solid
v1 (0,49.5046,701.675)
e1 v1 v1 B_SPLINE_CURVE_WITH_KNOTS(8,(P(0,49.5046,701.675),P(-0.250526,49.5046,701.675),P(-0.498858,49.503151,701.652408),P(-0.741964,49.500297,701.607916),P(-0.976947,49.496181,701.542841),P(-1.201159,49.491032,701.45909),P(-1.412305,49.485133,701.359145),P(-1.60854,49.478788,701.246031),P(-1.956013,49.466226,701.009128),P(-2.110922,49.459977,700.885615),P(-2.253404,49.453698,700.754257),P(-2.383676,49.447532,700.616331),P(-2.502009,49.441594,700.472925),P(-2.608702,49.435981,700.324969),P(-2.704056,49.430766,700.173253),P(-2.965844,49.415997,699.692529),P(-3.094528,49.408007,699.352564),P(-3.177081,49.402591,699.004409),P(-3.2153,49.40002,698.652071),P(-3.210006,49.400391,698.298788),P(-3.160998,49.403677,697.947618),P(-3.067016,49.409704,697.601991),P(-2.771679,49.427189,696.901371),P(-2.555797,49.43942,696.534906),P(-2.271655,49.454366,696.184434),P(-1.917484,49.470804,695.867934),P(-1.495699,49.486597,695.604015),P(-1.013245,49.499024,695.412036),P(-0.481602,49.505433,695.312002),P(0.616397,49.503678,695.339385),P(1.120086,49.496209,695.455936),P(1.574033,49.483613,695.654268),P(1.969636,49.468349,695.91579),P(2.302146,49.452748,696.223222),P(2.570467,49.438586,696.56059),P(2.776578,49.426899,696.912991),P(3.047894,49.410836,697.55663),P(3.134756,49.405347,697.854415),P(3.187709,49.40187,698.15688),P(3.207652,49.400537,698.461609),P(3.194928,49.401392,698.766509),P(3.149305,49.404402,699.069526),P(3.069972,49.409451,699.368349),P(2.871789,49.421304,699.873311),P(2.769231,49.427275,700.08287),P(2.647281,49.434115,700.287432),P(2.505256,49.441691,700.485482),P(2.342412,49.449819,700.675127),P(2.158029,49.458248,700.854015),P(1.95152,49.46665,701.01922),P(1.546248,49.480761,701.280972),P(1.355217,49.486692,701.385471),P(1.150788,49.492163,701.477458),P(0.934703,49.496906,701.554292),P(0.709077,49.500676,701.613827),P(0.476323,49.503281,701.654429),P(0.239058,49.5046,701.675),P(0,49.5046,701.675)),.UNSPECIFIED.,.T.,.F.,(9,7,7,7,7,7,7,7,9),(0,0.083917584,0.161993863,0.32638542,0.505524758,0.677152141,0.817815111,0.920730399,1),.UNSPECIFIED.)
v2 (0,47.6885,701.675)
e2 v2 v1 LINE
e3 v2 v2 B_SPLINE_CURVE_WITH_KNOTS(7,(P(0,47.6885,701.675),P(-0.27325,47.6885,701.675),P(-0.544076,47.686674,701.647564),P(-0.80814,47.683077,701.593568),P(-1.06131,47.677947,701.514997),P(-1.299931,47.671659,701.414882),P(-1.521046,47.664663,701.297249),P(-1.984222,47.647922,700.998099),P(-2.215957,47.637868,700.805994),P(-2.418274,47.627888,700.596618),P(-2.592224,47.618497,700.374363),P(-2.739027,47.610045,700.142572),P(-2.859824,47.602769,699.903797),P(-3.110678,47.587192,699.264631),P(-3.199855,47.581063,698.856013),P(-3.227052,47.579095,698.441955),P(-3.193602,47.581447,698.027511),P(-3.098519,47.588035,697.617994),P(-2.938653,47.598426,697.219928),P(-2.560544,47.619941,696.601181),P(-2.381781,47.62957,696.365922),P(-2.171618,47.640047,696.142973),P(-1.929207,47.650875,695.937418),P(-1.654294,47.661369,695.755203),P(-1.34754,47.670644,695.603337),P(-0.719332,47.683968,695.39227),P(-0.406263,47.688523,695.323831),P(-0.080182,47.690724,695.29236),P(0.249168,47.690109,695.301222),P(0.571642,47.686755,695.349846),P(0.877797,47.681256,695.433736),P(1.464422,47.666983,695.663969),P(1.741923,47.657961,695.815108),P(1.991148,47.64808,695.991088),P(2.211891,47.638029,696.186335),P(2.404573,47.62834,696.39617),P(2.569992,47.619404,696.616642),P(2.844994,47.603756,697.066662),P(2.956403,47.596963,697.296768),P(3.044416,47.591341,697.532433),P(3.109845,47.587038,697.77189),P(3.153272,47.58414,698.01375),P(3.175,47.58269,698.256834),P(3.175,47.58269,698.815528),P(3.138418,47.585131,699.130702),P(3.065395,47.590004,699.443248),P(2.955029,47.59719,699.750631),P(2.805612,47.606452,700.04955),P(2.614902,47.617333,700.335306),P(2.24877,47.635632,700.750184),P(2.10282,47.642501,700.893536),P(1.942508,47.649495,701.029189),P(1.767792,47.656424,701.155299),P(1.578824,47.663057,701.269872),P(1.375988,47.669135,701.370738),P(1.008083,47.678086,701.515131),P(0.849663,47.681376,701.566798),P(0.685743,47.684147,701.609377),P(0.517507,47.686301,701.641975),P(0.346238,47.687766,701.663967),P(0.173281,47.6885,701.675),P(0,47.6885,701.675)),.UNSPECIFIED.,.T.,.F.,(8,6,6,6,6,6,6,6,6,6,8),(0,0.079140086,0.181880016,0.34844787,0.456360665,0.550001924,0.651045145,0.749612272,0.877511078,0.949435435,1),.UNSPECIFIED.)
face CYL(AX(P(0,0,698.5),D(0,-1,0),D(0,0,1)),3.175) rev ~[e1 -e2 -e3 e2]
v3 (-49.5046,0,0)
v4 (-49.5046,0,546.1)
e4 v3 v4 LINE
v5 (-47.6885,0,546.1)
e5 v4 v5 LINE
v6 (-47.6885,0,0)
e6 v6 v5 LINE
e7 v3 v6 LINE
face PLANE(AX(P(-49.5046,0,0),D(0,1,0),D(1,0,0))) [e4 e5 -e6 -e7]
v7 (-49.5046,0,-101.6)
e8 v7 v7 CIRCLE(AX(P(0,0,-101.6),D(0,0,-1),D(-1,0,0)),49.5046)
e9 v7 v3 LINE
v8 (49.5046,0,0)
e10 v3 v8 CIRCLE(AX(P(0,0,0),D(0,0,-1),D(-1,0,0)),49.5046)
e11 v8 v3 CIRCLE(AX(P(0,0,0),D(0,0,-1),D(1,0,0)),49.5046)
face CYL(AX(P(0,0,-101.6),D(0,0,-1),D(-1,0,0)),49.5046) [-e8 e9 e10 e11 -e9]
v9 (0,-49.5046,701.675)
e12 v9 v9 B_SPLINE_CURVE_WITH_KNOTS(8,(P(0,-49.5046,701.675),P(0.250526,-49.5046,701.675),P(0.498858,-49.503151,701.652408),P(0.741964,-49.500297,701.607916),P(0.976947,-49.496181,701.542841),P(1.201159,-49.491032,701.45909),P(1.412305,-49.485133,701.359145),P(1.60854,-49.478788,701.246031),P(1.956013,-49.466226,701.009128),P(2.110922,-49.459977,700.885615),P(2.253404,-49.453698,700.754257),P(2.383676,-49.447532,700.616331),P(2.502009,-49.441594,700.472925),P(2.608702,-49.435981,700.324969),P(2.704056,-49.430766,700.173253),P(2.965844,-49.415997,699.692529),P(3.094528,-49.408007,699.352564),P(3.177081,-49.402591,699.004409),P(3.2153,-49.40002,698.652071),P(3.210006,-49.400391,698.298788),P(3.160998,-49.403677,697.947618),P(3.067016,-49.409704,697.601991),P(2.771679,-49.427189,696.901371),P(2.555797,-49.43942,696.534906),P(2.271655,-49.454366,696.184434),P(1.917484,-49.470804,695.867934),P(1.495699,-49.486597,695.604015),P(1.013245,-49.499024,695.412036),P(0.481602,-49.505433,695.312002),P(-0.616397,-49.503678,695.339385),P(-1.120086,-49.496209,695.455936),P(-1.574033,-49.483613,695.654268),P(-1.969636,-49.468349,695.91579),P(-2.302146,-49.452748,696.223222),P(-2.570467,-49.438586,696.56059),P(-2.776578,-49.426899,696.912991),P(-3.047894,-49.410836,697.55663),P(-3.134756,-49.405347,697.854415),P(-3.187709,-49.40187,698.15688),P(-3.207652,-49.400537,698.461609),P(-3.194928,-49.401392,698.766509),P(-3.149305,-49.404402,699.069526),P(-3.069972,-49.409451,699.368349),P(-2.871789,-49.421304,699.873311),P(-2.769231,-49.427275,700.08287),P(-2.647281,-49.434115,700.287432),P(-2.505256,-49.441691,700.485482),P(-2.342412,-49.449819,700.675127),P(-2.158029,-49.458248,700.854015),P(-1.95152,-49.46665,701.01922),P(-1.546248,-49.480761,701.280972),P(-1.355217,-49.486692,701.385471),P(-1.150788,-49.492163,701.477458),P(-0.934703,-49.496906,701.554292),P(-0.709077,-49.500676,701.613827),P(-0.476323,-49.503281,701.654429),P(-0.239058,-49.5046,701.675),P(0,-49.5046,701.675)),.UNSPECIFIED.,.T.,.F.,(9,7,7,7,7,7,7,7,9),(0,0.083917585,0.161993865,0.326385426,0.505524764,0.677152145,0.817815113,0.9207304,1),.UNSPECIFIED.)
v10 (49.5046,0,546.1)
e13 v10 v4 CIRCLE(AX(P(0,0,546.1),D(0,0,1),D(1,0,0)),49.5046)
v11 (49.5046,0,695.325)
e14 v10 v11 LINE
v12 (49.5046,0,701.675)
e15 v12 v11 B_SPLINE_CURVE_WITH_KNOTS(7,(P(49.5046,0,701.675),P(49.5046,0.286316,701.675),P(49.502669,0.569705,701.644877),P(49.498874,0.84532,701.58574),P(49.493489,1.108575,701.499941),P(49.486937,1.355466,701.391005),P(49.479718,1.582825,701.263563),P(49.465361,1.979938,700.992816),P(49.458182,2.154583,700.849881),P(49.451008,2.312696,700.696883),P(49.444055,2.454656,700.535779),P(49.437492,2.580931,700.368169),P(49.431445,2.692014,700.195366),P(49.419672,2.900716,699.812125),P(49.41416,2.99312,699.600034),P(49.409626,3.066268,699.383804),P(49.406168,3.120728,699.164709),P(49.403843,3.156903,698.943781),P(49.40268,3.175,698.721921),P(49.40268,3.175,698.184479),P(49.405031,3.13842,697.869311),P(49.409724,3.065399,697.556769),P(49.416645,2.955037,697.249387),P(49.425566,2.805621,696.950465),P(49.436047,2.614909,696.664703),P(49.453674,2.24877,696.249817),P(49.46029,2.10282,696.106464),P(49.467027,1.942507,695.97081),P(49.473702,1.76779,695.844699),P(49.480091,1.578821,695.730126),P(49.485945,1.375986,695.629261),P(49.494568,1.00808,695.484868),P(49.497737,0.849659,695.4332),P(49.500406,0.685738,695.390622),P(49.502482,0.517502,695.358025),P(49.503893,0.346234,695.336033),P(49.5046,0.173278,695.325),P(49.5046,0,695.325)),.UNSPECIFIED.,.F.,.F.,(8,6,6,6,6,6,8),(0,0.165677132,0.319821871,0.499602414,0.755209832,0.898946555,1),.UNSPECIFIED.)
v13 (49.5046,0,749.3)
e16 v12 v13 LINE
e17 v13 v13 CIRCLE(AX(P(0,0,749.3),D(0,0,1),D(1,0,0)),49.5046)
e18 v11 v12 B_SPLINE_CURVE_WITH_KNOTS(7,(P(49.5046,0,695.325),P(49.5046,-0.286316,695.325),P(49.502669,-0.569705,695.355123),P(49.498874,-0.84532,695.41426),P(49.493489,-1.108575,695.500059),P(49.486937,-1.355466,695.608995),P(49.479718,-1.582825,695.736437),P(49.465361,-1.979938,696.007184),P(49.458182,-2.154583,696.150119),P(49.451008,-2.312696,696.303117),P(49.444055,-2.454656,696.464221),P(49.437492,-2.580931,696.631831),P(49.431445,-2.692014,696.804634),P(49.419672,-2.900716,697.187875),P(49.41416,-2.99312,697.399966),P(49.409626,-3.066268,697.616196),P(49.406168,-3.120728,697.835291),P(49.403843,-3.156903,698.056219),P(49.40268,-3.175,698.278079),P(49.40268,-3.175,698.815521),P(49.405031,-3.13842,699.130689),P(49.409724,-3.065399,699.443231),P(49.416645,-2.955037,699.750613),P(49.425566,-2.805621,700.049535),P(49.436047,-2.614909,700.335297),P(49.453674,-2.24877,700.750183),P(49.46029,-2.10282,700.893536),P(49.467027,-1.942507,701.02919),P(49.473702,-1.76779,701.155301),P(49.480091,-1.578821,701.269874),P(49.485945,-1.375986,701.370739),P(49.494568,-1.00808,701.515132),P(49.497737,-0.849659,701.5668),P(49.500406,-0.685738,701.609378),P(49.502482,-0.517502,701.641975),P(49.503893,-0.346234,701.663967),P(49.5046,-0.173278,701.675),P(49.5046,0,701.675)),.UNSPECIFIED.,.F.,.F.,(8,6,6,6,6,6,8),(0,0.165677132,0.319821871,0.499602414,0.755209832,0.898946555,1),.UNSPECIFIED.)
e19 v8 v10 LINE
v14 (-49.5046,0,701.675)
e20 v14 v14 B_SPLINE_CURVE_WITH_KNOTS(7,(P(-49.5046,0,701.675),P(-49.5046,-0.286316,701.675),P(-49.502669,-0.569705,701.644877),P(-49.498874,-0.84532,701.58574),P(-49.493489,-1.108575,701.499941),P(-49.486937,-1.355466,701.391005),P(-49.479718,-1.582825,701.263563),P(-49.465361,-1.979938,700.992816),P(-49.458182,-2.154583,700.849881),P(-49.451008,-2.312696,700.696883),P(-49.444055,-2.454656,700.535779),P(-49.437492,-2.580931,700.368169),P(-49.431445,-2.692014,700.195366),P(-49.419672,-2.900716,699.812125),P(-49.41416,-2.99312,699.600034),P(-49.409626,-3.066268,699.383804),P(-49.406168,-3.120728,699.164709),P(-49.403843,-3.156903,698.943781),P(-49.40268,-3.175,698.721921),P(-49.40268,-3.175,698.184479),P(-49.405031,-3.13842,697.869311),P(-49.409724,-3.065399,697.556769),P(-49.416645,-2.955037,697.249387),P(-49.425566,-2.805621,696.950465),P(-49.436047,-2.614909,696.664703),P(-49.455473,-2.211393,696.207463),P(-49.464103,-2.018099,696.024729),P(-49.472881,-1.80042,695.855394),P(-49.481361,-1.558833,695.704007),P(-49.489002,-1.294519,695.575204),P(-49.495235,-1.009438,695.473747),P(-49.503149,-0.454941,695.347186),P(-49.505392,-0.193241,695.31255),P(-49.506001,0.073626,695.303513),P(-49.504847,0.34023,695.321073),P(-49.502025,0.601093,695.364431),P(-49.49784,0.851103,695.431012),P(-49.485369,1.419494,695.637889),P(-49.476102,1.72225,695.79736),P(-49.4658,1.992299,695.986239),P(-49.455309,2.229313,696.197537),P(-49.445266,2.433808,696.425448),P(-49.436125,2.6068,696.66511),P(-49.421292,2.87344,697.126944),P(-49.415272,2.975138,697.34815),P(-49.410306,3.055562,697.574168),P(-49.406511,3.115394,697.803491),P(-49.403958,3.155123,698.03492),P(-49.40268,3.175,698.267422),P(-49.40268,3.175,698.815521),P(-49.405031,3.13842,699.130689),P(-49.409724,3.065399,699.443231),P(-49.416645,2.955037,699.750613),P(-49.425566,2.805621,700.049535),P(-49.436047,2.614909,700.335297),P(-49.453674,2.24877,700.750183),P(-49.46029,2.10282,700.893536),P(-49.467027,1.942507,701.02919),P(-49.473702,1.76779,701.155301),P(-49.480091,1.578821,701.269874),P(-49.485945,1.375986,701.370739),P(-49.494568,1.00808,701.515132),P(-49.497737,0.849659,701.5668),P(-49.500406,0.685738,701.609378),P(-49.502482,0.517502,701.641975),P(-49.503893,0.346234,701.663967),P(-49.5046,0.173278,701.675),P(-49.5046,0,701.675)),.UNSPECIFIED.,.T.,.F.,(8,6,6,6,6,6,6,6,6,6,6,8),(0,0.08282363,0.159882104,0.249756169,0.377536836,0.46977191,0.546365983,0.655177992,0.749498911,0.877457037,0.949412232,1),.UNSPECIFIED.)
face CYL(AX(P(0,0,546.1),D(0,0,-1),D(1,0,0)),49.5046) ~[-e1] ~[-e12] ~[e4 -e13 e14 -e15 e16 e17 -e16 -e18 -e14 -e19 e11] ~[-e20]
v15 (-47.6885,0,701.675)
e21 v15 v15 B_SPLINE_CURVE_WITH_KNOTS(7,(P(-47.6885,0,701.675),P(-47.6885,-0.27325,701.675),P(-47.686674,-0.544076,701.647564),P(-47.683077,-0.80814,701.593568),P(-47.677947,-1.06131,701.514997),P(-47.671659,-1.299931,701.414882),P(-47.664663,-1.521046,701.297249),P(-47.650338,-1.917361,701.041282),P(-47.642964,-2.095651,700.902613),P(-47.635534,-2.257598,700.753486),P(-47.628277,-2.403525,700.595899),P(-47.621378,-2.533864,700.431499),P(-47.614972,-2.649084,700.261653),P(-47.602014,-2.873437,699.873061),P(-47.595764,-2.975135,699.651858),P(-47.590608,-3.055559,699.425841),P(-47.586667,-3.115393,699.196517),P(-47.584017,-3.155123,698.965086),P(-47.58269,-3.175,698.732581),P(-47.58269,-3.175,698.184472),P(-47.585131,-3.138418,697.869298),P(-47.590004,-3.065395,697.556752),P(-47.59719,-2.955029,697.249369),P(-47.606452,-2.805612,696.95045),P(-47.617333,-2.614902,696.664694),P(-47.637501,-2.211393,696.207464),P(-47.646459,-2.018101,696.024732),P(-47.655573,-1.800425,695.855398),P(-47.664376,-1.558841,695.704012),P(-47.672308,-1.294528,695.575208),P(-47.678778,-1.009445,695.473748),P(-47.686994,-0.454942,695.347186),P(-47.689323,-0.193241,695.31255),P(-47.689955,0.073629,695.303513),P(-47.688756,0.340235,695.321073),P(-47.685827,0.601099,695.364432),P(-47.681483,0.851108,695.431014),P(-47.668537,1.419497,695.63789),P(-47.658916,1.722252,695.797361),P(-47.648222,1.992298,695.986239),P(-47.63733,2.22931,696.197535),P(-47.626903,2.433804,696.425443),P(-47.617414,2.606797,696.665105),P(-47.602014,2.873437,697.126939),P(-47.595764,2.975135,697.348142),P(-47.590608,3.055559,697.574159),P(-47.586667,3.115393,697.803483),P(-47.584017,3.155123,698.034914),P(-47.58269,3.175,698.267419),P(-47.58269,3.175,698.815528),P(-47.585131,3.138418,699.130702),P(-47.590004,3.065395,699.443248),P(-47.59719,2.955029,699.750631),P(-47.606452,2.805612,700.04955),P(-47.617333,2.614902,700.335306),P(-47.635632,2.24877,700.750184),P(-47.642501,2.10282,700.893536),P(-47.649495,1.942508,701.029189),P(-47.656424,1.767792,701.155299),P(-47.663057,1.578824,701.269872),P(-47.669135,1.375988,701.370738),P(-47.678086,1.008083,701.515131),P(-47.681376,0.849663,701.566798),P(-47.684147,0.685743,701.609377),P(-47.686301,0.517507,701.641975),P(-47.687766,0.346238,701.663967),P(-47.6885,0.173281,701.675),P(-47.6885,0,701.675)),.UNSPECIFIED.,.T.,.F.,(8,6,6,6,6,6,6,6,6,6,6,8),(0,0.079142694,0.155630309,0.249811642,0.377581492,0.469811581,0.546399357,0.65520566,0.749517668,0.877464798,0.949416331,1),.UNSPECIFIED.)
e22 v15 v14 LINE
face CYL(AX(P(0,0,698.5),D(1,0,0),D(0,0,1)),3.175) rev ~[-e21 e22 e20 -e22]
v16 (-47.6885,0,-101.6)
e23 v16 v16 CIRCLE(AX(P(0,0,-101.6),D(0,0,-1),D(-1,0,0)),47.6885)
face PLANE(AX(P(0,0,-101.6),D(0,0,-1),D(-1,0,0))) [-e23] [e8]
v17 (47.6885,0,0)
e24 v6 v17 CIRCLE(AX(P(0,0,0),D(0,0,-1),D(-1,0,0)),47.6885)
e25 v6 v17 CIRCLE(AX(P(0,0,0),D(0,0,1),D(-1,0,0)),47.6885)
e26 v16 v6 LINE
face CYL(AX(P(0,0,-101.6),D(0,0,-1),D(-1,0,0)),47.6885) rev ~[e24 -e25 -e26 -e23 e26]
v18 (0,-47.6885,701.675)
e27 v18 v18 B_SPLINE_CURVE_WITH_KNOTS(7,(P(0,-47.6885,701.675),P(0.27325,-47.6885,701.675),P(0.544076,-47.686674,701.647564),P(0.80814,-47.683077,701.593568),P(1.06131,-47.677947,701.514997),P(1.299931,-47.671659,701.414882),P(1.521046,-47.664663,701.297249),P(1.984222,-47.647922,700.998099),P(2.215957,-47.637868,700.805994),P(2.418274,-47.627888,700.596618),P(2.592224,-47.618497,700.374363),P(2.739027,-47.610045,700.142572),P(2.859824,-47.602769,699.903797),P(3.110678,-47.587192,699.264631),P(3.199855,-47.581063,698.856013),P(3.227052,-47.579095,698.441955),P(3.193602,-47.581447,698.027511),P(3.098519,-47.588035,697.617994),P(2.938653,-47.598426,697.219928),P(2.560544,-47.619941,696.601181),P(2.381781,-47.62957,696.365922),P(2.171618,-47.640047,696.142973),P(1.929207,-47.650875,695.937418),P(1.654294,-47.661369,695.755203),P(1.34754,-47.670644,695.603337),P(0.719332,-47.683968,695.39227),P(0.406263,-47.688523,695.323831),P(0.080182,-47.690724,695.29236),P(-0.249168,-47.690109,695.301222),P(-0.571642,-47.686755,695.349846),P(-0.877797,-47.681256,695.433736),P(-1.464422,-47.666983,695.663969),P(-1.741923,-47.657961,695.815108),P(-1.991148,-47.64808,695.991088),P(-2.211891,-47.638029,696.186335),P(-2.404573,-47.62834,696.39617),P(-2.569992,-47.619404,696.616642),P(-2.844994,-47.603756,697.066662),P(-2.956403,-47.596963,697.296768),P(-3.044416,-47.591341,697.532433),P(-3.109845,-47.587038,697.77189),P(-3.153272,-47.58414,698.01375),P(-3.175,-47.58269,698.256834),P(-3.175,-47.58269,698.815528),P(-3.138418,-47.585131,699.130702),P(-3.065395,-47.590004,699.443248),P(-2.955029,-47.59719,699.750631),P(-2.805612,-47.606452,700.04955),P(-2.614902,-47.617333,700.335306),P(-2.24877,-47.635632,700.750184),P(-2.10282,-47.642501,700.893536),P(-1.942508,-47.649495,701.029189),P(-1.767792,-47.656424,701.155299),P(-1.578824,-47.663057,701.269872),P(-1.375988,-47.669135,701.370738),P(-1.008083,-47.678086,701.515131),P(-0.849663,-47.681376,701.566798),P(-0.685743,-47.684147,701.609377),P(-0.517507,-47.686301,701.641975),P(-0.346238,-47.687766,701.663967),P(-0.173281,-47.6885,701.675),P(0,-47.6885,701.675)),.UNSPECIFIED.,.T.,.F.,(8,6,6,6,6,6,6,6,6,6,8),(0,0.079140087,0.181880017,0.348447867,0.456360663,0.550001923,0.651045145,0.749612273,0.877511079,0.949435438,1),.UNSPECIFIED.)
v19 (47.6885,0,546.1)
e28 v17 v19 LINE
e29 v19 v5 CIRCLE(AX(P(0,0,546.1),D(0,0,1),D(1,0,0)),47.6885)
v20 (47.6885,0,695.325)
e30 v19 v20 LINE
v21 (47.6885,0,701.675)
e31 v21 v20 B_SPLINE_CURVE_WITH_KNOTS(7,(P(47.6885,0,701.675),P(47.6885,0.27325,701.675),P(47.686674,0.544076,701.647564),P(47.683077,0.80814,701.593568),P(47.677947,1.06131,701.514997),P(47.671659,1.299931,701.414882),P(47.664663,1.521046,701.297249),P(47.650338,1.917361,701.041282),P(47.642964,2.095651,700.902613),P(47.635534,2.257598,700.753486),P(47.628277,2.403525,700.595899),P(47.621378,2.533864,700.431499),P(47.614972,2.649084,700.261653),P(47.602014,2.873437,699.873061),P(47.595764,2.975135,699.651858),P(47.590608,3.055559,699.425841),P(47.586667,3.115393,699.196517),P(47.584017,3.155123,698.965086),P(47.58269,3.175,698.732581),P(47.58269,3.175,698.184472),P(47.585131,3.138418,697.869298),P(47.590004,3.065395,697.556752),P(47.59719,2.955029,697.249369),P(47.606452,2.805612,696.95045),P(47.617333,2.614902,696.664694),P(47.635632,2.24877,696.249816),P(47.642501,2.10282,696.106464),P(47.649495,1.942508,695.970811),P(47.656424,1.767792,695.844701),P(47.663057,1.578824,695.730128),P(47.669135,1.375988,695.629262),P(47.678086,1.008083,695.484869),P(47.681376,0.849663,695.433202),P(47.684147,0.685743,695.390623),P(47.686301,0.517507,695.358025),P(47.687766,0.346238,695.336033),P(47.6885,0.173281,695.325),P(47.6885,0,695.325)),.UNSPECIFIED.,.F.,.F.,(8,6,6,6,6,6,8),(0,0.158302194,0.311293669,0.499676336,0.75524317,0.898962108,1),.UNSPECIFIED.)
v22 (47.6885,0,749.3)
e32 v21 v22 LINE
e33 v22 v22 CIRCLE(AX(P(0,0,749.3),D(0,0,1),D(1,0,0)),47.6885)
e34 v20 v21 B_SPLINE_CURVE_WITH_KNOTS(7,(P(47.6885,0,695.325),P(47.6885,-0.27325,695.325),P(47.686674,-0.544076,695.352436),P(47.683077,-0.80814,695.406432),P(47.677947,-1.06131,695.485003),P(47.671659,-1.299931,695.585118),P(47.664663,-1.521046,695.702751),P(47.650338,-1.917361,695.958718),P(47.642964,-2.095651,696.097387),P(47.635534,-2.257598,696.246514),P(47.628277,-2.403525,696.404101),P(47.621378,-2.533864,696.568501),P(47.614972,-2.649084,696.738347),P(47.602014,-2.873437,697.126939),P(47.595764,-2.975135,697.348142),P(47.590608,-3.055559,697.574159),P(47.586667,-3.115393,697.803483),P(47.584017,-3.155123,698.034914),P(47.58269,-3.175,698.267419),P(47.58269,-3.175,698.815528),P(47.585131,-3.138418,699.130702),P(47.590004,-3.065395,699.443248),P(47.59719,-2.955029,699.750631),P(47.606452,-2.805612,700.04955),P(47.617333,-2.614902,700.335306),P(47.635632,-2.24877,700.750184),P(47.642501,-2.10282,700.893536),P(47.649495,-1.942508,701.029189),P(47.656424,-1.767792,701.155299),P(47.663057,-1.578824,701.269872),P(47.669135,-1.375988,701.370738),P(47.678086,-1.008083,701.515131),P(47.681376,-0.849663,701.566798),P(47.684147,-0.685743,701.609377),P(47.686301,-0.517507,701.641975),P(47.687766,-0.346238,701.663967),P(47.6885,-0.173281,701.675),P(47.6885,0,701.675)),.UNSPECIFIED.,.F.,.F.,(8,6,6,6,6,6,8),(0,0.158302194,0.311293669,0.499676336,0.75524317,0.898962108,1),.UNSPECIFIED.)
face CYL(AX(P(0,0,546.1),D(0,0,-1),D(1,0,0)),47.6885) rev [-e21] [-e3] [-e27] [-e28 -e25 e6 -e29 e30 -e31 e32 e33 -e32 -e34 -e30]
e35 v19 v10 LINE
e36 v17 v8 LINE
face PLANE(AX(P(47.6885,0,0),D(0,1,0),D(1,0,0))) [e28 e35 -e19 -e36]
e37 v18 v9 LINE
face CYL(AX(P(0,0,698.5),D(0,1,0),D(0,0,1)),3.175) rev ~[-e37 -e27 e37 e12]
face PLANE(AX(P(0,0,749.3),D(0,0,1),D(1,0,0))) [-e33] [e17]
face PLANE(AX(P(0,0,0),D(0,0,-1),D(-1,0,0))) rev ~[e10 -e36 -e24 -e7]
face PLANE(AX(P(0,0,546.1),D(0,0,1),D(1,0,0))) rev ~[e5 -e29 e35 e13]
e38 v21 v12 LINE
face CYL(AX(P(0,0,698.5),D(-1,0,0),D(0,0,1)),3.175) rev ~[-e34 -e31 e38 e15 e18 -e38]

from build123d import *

# Parameters (mm, degrees)
BOSS_EXTRUDE1_DEPTH = 546.1
SKETCH2_R           = 49.5046
SKETCH2_R_2         = 47.6885
BOSS_EXTRUDE2_DEPTH = 203.2
BOSS_EXTRUDE3_START = 101.6
SKETCH3_R           = 49.5046
SKETCH3_R_2         = 47.6885
BOSS_EXTRUDE3_DEPTH = 101.6
SKETCH4_R           = 3.175
CUT_EXTRUDE1_DEPTH  = 753.563552693
CIRPATTERN1_COUNT   = 4


with BuildPart() as part:
    # Sketch1 → Boss-Extrude1 (new body)
    with BuildSketch(Plane.XY):
        with BuildLine():
            Line((-49.5046, 0), (-47.6885, 0))
            ThreePointArc((-47.6885, 0), (0, -47.6885), (47.6885, 0))
            Line((47.6885, 0), (49.5046, 0))
            ThreePointArc((49.5046, 0), (0, -49.5046), (-49.5046, 0))
        make_face()
    extrude(amount=BOSS_EXTRUDE1_DEPTH)

    # Sketch2 → Boss-Extrude2 (add)
    with BuildSketch(Plane.XY.offset(546.1)):
        Circle(SKETCH2_R)
        Circle(SKETCH2_R_2, mode=Mode.SUBTRACT)
    extrude(amount=BOSS_EXTRUDE2_DEPTH)

    # Sketch3 → Boss-Extrude3 (add)
    with BuildSketch(Plane(origin=(0, 0, 0), x_dir=(-1, 0, 0), z_dir=(0, 0, -1)).offset(BOSS_EXTRUDE3_START)):
        Circle(SKETCH3_R)
        Circle(SKETCH3_R_2, mode=Mode.SUBTRACT)
    extrude(amount=-BOSS_EXTRUDE3_DEPTH)

    # Sketch4 → Cut-Extrude1 (cut, through all)
    with BuildSketch(Plane(origin=(0, 0, 0), x_dir=(1, 0, 0), z_dir=(0, 1, 0))):
        with Locations(Location((0, -698.5, 0), (0, 0, 270))):
            Circle(SKETCH4_R)
    cut_extrude1 = extrude(amount=-CUT_EXTRUDE1_DEPTH, mode=Mode.SUBTRACT)

    # CirPattern1: Cut-Extrude1 ×4 about axis
    cirpattern1_axis = Axis((0, 0, 546.1), (0, 0, -1))
    for i in range(1, CIRPATTERN1_COUNT):
        add(cut_extrude1.rotate(cirpattern1_axis, i * 360 / CIRPATTERN1_COUNT), mode=Mode.SUBTRACT)


solid = part.part
